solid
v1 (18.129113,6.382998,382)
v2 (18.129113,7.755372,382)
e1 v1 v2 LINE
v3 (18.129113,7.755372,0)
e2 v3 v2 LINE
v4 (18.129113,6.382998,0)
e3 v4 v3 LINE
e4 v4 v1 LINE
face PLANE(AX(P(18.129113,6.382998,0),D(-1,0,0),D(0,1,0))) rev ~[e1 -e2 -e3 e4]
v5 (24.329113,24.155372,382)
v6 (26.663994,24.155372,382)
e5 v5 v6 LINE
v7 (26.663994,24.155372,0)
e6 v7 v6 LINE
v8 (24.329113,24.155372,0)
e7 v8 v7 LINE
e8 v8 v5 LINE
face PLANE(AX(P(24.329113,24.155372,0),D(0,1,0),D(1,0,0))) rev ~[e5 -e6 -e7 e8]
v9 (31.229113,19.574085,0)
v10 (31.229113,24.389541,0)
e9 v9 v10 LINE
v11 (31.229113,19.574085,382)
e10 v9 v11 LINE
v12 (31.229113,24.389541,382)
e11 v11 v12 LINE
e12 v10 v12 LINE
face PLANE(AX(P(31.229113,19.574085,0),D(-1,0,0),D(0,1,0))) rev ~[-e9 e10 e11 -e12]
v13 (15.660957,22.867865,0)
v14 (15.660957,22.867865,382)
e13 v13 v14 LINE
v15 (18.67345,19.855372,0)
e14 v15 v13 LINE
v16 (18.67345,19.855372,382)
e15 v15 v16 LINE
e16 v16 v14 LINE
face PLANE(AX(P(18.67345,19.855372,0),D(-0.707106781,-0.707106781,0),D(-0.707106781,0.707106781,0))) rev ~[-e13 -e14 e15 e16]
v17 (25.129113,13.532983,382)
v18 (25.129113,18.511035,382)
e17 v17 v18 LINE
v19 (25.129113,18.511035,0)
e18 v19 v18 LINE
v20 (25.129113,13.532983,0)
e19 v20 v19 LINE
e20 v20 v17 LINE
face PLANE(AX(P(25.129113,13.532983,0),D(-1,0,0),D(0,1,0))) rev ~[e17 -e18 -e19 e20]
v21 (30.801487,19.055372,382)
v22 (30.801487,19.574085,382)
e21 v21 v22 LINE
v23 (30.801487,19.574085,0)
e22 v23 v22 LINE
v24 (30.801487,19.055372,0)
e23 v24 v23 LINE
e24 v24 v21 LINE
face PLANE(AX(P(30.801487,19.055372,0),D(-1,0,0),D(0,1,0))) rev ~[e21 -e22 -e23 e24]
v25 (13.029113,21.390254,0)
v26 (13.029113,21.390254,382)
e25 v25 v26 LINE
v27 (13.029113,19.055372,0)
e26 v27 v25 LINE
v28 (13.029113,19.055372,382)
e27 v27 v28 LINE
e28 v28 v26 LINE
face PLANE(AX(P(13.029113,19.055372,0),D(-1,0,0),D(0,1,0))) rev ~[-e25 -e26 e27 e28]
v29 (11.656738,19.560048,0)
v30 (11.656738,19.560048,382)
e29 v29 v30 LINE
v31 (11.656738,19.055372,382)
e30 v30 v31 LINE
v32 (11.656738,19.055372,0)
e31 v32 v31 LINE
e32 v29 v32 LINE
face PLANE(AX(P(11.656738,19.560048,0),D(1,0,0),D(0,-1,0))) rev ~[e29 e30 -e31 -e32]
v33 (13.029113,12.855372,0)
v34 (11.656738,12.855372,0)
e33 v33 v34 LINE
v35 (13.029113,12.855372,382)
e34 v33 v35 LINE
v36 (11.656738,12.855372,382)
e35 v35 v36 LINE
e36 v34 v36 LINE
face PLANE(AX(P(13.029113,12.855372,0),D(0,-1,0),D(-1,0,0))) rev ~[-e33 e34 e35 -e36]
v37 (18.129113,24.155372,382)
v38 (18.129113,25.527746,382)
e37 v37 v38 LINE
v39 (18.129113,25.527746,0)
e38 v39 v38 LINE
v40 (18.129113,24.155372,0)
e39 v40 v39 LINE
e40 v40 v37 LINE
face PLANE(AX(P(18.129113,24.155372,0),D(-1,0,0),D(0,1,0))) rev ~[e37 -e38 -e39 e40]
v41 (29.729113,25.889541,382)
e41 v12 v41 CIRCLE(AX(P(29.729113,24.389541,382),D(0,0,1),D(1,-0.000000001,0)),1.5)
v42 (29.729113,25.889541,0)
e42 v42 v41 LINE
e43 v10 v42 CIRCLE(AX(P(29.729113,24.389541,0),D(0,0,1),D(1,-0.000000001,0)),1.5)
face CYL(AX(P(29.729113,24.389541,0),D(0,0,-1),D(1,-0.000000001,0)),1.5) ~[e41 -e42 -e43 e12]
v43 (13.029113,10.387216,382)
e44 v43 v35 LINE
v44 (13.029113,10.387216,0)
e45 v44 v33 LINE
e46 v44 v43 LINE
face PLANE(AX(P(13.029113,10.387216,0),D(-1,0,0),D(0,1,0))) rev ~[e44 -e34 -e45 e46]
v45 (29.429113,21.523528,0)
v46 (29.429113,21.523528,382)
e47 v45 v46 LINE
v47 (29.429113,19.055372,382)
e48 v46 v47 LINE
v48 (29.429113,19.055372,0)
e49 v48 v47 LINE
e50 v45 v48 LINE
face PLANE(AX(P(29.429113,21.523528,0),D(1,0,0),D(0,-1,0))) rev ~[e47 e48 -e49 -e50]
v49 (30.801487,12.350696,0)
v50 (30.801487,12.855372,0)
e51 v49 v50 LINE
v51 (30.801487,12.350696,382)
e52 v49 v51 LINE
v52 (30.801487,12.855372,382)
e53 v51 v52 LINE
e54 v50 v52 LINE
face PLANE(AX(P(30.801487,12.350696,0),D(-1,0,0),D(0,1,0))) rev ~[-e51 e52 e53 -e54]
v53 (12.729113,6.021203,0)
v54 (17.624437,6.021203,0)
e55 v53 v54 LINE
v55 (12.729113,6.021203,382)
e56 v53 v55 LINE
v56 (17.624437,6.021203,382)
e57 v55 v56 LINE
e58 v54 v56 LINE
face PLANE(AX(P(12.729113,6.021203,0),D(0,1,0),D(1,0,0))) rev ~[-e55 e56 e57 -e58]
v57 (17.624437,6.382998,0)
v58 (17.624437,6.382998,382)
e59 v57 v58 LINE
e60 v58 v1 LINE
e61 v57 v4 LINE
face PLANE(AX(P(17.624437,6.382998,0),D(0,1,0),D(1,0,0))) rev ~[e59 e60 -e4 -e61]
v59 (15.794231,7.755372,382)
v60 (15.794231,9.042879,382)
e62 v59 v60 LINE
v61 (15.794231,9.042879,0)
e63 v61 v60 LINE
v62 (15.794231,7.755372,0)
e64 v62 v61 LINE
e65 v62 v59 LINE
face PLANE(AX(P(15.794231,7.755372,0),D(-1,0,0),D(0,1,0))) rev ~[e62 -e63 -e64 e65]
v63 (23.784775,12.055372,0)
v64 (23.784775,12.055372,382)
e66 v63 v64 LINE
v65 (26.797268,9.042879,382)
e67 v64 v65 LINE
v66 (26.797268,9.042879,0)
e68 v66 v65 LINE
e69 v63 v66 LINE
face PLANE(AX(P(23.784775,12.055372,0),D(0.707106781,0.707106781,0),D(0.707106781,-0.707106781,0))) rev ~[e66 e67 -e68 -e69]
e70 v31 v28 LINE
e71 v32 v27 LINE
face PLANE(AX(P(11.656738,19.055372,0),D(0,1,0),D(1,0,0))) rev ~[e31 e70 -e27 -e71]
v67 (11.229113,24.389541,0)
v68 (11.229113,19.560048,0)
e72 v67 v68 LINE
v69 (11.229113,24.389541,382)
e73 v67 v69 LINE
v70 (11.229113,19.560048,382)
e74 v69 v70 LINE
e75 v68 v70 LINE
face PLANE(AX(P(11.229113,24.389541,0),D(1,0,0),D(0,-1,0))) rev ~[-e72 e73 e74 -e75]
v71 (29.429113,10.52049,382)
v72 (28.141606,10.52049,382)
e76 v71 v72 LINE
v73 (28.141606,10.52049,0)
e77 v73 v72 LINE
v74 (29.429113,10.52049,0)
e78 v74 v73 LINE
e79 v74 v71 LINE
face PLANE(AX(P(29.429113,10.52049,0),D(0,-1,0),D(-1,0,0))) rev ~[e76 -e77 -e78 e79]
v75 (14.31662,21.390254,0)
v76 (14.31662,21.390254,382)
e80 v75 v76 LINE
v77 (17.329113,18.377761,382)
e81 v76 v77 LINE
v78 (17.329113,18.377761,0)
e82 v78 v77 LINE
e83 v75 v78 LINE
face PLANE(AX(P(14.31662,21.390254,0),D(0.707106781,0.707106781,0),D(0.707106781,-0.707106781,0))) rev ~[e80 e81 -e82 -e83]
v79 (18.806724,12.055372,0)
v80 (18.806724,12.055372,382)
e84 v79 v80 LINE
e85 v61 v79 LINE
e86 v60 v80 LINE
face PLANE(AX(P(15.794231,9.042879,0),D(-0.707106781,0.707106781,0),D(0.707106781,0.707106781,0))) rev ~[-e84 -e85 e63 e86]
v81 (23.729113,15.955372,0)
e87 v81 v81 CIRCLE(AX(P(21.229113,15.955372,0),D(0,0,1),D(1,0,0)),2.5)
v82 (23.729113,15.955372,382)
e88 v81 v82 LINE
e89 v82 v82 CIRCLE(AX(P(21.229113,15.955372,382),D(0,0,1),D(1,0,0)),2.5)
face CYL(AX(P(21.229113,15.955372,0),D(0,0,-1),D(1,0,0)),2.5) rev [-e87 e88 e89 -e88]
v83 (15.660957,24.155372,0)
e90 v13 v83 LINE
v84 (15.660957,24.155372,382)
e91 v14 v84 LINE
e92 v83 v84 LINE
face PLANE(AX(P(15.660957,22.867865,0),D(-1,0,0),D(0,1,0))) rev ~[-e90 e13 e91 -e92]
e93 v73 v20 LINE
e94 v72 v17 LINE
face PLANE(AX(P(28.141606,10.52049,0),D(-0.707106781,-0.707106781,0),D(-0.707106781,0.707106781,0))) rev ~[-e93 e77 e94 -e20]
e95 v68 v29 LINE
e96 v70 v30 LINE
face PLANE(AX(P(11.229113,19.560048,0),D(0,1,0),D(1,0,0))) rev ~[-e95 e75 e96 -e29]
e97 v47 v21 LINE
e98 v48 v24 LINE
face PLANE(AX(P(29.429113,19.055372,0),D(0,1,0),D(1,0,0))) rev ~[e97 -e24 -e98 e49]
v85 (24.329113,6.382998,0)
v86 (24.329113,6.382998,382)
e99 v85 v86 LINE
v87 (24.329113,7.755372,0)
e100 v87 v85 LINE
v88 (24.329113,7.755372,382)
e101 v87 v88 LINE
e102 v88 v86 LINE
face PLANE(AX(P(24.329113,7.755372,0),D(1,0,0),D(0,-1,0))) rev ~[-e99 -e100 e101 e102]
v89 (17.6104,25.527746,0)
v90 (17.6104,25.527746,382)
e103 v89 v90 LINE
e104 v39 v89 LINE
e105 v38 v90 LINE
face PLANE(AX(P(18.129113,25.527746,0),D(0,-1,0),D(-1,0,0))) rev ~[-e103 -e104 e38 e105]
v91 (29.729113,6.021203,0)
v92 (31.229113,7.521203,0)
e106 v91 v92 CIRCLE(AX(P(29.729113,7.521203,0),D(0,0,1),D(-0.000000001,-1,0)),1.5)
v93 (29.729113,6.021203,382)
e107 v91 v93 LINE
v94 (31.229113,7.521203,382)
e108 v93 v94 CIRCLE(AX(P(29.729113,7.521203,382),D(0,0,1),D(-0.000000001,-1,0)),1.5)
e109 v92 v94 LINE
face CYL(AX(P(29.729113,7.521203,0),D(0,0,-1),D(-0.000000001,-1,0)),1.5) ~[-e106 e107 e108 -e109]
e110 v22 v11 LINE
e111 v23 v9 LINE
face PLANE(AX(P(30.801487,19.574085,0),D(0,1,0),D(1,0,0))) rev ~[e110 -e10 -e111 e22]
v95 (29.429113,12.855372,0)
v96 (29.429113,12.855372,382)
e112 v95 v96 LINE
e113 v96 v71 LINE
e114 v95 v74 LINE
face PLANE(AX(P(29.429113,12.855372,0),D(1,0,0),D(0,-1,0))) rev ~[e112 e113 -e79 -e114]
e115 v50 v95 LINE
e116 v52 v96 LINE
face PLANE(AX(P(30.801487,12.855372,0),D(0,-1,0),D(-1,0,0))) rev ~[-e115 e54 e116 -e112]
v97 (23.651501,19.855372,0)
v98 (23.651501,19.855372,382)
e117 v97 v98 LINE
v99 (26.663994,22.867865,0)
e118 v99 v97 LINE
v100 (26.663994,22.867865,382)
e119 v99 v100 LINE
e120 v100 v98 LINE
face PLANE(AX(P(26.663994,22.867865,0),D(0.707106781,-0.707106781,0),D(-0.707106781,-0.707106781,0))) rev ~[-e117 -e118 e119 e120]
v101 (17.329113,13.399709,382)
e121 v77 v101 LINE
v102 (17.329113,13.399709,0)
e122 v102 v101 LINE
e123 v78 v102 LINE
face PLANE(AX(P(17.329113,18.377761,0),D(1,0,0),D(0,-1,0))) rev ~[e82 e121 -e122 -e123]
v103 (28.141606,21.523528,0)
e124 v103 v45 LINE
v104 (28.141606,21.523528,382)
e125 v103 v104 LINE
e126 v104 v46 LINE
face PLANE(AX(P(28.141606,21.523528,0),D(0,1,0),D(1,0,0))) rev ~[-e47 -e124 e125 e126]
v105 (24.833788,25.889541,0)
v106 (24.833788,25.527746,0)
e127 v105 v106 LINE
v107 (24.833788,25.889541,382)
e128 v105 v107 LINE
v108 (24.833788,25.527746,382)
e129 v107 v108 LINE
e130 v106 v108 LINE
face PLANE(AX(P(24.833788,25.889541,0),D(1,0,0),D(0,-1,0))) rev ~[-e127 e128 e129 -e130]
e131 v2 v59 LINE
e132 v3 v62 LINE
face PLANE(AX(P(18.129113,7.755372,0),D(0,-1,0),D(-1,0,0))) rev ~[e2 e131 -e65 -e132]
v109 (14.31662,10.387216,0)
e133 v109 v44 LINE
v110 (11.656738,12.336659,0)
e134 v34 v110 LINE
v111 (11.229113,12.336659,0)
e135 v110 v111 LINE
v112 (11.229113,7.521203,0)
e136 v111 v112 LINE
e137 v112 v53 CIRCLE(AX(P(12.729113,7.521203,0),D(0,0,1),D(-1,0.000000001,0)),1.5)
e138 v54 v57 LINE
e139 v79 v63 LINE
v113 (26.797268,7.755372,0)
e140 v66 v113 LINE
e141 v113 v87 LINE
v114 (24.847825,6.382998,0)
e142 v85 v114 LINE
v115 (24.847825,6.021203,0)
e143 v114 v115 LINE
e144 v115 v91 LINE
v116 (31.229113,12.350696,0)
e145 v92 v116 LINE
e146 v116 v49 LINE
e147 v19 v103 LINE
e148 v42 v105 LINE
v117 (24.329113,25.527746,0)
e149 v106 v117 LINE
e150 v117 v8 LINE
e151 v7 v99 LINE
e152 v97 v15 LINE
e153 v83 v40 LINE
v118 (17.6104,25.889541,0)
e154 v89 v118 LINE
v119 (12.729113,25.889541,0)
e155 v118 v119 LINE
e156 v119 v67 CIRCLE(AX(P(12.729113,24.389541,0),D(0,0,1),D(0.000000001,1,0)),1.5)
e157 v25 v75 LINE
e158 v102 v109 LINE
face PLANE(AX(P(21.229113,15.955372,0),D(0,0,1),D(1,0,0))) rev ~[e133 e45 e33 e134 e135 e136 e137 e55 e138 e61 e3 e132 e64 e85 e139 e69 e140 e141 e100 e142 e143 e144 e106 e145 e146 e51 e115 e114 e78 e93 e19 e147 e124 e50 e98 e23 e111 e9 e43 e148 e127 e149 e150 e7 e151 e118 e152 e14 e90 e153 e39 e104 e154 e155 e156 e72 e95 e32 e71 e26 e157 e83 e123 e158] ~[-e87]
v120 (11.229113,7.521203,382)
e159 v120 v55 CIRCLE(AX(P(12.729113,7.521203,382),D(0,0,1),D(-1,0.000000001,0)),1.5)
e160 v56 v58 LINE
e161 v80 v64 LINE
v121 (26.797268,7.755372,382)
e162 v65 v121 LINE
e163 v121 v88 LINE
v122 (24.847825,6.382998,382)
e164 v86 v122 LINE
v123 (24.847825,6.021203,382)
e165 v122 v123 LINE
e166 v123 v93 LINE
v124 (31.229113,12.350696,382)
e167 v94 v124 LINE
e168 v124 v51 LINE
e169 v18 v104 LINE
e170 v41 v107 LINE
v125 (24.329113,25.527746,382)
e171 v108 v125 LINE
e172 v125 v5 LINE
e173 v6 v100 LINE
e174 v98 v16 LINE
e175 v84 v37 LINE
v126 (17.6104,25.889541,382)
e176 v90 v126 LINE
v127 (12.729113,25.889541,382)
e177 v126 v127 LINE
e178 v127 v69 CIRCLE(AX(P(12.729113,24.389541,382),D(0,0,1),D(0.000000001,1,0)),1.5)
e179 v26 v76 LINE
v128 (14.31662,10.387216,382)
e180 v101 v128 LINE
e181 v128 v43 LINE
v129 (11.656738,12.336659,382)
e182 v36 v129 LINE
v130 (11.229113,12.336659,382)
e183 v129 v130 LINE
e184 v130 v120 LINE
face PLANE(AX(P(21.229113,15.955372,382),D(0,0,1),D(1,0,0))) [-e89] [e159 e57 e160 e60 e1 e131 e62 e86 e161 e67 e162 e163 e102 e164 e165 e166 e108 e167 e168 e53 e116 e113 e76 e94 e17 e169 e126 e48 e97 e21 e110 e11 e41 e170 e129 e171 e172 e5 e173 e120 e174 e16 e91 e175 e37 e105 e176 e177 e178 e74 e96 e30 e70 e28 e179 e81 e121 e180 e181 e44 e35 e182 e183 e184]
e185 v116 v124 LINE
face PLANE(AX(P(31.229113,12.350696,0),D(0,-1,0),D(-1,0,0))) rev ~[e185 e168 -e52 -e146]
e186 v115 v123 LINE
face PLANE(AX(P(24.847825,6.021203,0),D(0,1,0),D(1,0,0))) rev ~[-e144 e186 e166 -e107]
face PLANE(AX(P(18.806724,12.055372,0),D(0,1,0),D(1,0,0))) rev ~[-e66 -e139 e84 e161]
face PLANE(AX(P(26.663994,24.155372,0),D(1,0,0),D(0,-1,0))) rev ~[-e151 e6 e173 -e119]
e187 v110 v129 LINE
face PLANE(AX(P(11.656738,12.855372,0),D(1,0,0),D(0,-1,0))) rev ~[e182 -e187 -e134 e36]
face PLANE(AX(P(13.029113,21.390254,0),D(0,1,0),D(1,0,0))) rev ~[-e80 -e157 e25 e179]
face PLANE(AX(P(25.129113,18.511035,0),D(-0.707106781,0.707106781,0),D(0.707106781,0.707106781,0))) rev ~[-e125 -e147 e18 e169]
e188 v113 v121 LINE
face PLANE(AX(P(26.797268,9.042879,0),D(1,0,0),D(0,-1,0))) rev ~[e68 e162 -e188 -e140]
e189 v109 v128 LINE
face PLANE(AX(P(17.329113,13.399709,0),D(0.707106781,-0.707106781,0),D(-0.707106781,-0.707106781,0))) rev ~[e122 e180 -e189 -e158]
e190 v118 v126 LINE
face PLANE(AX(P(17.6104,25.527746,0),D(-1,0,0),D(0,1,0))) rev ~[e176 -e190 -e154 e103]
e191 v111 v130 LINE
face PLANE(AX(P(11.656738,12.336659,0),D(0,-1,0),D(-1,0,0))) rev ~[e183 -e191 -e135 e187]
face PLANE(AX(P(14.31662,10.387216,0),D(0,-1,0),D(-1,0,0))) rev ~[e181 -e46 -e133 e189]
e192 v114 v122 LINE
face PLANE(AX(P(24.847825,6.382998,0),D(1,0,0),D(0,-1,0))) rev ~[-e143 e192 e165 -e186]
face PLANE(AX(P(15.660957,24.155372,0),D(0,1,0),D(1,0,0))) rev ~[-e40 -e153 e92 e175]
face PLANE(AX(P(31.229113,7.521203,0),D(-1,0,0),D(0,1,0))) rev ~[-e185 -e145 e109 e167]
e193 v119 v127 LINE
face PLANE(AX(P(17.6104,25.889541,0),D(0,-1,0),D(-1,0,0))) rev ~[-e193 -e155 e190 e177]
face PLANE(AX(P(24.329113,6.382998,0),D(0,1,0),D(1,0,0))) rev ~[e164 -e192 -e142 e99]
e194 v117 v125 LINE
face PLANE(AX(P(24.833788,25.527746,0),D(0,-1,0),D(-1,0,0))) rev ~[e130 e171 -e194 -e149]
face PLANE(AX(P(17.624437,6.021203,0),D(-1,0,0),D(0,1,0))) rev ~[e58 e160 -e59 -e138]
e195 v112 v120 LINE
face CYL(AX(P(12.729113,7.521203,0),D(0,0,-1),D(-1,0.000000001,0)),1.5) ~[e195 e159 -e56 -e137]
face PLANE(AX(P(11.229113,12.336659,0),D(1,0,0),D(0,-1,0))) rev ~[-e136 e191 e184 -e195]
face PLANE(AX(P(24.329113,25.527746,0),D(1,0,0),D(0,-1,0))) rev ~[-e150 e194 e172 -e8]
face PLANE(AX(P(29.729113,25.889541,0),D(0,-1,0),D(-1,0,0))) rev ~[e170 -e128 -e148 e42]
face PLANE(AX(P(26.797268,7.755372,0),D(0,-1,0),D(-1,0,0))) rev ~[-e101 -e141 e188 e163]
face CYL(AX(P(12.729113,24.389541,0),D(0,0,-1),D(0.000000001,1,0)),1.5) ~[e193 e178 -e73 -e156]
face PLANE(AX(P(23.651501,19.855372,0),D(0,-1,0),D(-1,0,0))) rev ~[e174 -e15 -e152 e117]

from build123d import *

# Parameters (mm, degrees)
SKETCH1_R           = 2.5
BOSS_EXTRUDE1_DEPTH = 382


with BuildPart() as part:
    # Sketch1 → Boss-Extrude1 (new body)
    with BuildSketch(Plane.XY):
        with BuildLine():
            Line((14.316619525, 10.387216168), (13.029112559, 10.387216168))
            Line((13.029112559, 10.387216168), (13.029112559, 12.855371932))
            Line((13.029112559, 12.855371932), (11.656738465, 12.855371932))
            Line((11.656738465, 12.855371932), (11.656738465, 12.336659272))
            Line((11.656738465, 12.336659272), (11.229112559, 12.336659272))
            Line((11.229112559, 12.336659272), (11.229112559, 7.521203168))
            ThreePointArc((11.229112559, 7.521203168), (11.668452387, 6.460542996), (12.729112559, 6.021203168))
            Line((12.729112559, 6.021203168), (17.624436699, 6.021203168))
            Line((17.624436699, 6.021203168), (17.624436699, 6.382997838))
            Line((17.624436699, 6.382997838), (18.129112559, 6.382997838))
            Line((18.129112559, 6.382997838), (18.129112559, 7.755371932))
            Line((18.129112559, 7.755371932), (15.794230869, 7.755371932))
            Line((15.794230869, 7.755371932), (15.794230869, 9.042878898))
            Line((15.794230869, 9.042878898), (18.806723903, 12.055371932))
            Line((18.806723903, 12.055371932), (23.784775289, 12.055371932))
            Line((23.784775289, 12.055371932), (26.797268323, 9.042878898))
            Line((26.797268323, 9.042878898), (26.797268323, 7.755371932))
            Line((26.797268323, 7.755371932), (24.329112559, 7.755371932))
            Line((24.329112559, 7.755371932), (24.329112559, 6.382997838))
            Line((24.329112559, 6.382997838), (24.847825219, 6.382997838))
            Line((24.847825219, 6.382997838), (24.847825219, 6.021203168))
            Line((24.847825219, 6.021203168), (29.729112559, 6.021203168))
            ThreePointArc((29.729112559, 6.021203168), (30.789772731, 6.460542996), (31.229112559, 7.521203168))
            Line((31.229112559, 7.521203168), (31.229112559, 12.350696072))
            Line((31.229112559, 12.350696072), (30.801486653, 12.350696072))
            Line((30.801486653, 12.350696072), (30.801486653, 12.855371932))
            Line((30.801486653, 12.855371932), (29.429112559, 12.855371932))
            Line((29.429112559, 12.855371932), (29.429112559, 10.520490242))
            Line((29.429112559, 10.520490242), (28.141605593, 10.520490242))
            Line((28.141605593, 10.520490242), (25.129112559, 13.532983276))
            Line((25.129112559, 13.532983276), (25.129112559, 18.511034662))
            Line((25.129112559, 18.511034662), (28.141605593, 21.523527696))
            Line((28.141605593, 21.523527696), (29.429112559, 21.523527696))
            Line((29.429112559, 21.523527696), (29.429112559, 19.055371932))
            Line((29.429112559, 19.055371932), (30.801486653, 19.055371932))
            Line((30.801486653, 19.055371932), (30.801486653, 19.574084592))
            Line((30.801486653, 19.574084592), (31.229112559, 19.574084592))
            Line((31.229112559, 19.574084592), (31.229112559, 24.389540696))
            ThreePointArc((31.229112559, 24.389540696), (30.789772731, 25.450200868), (29.729112559, 25.889540696))
            Line((29.729112559, 25.889540696), (24.833788419, 25.889540696))
            Line((24.833788419, 25.889540696), (24.833788419, 25.527746026))
            Line((24.833788419, 25.527746026), (24.329112559, 25.527746026))
            Line((24.329112559, 25.527746026), (24.329112559, 24.155371932))
            Line((24.329112559, 24.155371932), (26.663994249, 24.155371932))
            Line((26.663994249, 24.155371932), (26.663994249, 22.867864966))
            Line((26.663994249, 22.867864966), (23.651501215, 19.855371932))
            Line((23.651501215, 19.855371932), (18.673449829, 19.855371932))
            Line((18.673449829, 19.855371932), (15.660956795, 22.867864966))
            Line((15.660956795, 22.867864966), (15.660956795, 24.155371932))
            Line((15.660956795, 24.155371932), (18.129112559, 24.155371932))
            Line((18.129112559, 24.155371932), (18.129112559, 25.527746026))
            Line((18.129112559, 25.527746026), (17.610399899, 25.527746026))
            Line((17.610399899, 25.527746026), (17.610399899, 25.889540696))
            Line((17.610399899, 25.889540696), (12.729112559, 25.889540696))
            ThreePointArc((12.729112559, 25.889540696), (11.668452387, 25.450200868), (11.229112559, 24.389540696))
            Line((11.229112559, 24.389540696), (11.229112559, 19.560047792))
            Line((11.229112559, 19.560047792), (11.656738465, 19.560047792))
            Line((11.656738465, 19.560047792), (11.656738465, 19.055371932))
            Line((11.656738465, 19.055371932), (13.029112559, 19.055371932))
            Line((13.029112559, 19.055371932), (13.029112559, 21.390253622))
            Line((13.029112559, 21.390253622), (14.316619525, 21.390253622))
            Line((14.316619525, 21.390253622), (17.329112559, 18.377760588))
            Line((17.329112559, 18.377760588), (17.329112559, 13.399709202))
            Line((17.329112559, 13.399709202), (14.316619525, 10.387216168))
        make_face()
        with Locations((21.229112559, 15.955371932)):
            Circle(SKETCH1_R, mode=Mode.SUBTRACT)
    extrude(amount=BOSS_EXTRUDE1_DEPTH)


solid = part.part
